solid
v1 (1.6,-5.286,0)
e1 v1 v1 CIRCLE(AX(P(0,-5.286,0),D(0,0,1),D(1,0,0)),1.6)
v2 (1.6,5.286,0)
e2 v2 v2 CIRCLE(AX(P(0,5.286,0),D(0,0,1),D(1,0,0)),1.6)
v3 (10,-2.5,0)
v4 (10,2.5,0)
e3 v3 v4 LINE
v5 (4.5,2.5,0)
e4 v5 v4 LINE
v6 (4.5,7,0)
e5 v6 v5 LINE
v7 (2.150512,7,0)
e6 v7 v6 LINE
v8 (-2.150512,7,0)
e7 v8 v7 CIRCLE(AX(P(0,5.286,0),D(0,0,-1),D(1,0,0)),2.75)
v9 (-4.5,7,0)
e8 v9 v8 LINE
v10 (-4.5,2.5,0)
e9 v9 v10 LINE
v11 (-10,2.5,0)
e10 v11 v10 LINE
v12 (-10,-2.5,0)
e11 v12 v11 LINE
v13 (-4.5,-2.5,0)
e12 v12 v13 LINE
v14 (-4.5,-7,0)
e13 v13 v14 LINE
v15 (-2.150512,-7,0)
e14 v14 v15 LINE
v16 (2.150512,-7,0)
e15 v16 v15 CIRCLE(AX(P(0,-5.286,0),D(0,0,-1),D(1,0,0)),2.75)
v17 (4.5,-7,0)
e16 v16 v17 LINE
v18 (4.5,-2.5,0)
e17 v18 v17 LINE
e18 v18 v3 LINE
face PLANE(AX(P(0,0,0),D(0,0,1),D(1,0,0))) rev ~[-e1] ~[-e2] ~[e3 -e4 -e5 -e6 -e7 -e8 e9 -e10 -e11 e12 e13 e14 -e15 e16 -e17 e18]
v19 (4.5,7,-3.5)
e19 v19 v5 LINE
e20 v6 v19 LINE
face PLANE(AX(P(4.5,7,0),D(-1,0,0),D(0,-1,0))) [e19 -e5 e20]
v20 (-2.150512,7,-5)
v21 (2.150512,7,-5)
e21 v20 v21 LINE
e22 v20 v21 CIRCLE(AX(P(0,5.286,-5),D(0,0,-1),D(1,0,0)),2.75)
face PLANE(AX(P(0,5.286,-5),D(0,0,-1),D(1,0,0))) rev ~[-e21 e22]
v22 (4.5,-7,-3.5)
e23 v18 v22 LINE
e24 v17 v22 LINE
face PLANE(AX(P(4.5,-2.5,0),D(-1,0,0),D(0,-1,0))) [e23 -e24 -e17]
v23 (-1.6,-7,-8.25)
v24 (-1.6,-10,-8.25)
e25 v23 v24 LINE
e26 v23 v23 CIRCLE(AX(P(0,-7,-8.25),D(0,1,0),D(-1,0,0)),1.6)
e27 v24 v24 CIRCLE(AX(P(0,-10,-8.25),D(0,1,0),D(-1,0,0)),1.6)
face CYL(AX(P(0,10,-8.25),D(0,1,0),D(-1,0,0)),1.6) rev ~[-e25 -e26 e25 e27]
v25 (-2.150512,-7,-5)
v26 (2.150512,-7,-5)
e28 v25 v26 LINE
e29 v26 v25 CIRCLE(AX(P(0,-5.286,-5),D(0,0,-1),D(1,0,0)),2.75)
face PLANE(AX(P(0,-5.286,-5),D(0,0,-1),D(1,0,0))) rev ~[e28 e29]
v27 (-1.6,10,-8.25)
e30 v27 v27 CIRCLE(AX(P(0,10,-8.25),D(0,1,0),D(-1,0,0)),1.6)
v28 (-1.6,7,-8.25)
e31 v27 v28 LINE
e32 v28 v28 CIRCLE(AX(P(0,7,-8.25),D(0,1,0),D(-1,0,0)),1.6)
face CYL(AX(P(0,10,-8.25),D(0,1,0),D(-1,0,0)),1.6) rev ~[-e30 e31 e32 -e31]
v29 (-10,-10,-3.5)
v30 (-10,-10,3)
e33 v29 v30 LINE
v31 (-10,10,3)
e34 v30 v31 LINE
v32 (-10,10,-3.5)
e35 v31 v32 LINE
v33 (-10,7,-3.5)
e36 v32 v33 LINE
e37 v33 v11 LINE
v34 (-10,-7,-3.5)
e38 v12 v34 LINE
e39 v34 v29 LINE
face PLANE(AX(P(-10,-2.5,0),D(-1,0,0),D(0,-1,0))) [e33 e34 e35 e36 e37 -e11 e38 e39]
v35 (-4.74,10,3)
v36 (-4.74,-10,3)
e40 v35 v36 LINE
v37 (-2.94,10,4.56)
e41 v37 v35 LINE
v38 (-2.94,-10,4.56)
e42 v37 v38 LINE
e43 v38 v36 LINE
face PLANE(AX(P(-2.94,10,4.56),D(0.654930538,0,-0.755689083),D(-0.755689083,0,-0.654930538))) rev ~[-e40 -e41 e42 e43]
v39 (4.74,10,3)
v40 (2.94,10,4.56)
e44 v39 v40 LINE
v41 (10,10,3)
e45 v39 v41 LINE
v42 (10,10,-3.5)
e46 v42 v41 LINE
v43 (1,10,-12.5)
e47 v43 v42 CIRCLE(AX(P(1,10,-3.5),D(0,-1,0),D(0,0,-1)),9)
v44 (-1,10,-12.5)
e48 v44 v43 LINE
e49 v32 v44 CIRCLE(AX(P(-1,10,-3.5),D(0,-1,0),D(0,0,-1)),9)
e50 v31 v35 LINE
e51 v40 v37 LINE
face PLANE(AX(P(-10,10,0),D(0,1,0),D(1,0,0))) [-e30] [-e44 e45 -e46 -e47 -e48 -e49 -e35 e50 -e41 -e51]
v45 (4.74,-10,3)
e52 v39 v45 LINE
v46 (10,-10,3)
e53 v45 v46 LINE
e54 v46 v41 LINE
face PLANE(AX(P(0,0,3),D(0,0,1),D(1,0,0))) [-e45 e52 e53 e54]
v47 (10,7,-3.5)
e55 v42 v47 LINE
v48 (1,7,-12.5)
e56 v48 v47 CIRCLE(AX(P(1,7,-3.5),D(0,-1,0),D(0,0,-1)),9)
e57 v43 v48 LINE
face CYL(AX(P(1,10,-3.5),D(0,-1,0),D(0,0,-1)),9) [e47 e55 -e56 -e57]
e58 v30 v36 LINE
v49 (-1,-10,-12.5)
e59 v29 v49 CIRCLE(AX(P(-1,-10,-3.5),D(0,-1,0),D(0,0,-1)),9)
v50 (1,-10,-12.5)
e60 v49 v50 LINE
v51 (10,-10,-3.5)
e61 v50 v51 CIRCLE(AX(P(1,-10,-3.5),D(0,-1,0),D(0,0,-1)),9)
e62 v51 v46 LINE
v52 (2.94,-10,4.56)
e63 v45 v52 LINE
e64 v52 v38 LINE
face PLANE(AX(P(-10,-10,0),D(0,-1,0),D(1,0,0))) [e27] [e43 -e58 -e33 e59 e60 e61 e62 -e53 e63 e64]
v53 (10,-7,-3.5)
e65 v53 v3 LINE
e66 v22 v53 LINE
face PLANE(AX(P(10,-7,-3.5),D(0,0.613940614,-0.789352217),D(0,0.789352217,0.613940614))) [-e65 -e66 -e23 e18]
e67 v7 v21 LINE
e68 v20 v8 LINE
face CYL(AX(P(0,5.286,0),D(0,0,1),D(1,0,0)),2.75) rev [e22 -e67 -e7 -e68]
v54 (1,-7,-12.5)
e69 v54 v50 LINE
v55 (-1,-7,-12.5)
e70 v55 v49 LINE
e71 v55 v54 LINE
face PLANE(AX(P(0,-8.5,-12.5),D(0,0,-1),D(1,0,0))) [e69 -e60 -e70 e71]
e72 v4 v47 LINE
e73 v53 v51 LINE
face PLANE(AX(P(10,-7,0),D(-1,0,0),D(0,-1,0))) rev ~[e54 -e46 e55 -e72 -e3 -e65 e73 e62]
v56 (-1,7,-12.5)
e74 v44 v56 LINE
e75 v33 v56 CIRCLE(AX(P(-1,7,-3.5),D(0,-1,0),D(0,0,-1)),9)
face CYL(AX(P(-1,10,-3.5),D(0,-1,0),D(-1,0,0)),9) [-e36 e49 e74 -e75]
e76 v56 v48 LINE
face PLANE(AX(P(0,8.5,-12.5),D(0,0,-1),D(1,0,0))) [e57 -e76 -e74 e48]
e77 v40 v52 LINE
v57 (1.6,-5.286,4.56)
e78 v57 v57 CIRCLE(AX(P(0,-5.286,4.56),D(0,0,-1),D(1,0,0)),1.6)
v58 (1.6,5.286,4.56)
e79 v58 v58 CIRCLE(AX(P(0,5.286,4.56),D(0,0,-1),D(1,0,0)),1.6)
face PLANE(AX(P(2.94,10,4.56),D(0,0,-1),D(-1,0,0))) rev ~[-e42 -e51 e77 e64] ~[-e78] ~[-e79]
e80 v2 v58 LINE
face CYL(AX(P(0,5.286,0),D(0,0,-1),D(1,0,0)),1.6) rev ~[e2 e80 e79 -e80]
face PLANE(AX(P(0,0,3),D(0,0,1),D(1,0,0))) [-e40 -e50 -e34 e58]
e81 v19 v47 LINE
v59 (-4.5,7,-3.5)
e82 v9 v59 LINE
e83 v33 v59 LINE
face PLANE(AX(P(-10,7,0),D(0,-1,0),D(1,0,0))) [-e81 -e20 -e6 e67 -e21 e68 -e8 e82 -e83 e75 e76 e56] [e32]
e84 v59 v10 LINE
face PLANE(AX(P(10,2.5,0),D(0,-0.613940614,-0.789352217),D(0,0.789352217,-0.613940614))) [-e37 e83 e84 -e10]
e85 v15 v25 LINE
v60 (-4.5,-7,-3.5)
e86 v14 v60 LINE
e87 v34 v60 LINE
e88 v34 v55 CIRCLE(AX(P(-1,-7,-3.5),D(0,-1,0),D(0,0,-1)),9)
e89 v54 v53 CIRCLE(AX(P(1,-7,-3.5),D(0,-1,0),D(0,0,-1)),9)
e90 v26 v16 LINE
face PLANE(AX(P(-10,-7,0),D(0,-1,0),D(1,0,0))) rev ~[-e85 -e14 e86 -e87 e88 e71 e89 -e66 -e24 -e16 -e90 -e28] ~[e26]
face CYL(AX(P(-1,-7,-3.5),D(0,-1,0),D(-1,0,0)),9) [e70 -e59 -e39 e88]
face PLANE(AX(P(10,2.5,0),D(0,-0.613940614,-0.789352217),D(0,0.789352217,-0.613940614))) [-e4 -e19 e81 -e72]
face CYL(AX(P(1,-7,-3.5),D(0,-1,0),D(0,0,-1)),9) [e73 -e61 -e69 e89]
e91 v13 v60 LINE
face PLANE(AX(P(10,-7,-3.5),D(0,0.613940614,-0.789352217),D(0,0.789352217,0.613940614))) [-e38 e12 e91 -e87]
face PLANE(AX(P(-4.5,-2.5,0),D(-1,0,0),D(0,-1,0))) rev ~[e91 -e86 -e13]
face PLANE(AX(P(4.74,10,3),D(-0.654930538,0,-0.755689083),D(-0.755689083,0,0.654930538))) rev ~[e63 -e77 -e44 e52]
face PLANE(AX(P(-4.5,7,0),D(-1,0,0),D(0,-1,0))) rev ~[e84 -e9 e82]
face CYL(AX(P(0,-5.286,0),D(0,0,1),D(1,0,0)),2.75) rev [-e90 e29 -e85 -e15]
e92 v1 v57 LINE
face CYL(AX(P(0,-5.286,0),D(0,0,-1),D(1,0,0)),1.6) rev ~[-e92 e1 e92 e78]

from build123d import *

# Parameters (mm, degrees)
SKETCH_W        = 20
SKETCH_H        = 20
SKETCH_R        = 1.6
PAD_DEPTH       = 3
PAD001_DEPTH    = 20
SKETCH002_R     = 1.6
POCKET_DEPTH    = 4.561
SKETCH003_W     = 20
SKETCH003_H     = 3
PAD002_DEPTH    = 12.5
SKETCH004_R     = 2.75
POCKET001_DEPTH = 5
SKETCH005_R     = 1.6
POCKET002_DEPTH = 20.001
FILLET_R        = 9
SKETCH006_W     = 5.5
SKETCH006_H     = 4.5
PAD003_DEPTH    = 3.5
POCKET003_DEPTH = 20.001


with BuildPart() as part:
    # Sketch → Pad (new body)
    with BuildSketch(Plane.XY):
        Rectangle(SKETCH_W, SKETCH_H)
        with Locations((0, -5.286)):
            Circle(SKETCH_R, mode=Mode.SUBTRACT)
        with Locations((0, 5.286)):
            Circle(SKETCH_R, mode=Mode.SUBTRACT)
    extrude(amount=PAD_DEPTH)

    # Sketch001 (on Face1 of Pad) → Pad001 (join)
    with BuildSketch(Plane(origin=(0, 10, 0), x_dir=(-1, 0, 0), z_dir=(0, 1, 0))):
        Polygon((0, 3), (-4.74, 3), (-2.94, 4.56), (2.94, 4.56), (4.74, 3), align=None)
    extrude(amount=-PAD001_DEPTH)

    # Sketch002 (on Face4 of Pad001) → Pocket (cut, through all)
    with BuildSketch(Plane(origin=(0, 0, 0), x_dir=(1, 0, 0), z_dir=(0, 0, -1))):
        with Locations((0, 5.286)):
            Circle(SKETCH002_R)
        with Locations((0, -5.286)):
            Circle(SKETCH002_R)
    extrude(amount=-POCKET_DEPTH, mode=Mode.SUBTRACT)

    # Sketch003 (on Face4 of Pocket) → Pad002 (join)
    with BuildSketch(Plane(origin=(0, 0, 0), x_dir=(1, 0, 0), z_dir=(0, 0, -1))):
        with Locations((0, 8.5)):
            Rectangle(SKETCH003_W, SKETCH003_H)
        with Locations((0, -8.5)):
            Rectangle(SKETCH003_W, SKETCH003_H)
    extrude(amount=PAD002_DEPTH)

    # Sketch004 (on Face10 of Pad002) → Pocket001 (cut)
    with BuildSketch(Plane(origin=(0, 0, 0), x_dir=(1, 0, 0), z_dir=(0, 0, -1))):
        with Locations((0, 5.286)):
            Circle(SKETCH004_R)
        with Locations((0, -5.286)):
            Circle(SKETCH004_R)
    extrude(amount=POCKET001_DEPTH, mode=Mode.SUBTRACT)

    # Sketch005 (on Face4 of Pocket001) → Pocket002 (cut, through all)
    with BuildSketch(Plane(origin=(0, 10, 0), x_dir=(-1, 0, 0), z_dir=(0, 1, 0))):
        with Locations((0, -8.25)):
            Circle(SKETCH005_R)
    extrude(amount=-POCKET002_DEPTH, mode=Mode.SUBTRACT)

    # Fillet
    fillet_edges = [part.edges().sort_by_distance(p)[0] for p in [
        (10, 8.5, -12.5),
        (-10, 8.5, -12.5),
        (10, -8.5, -12.5),
        (-10, -8.5, -12.5),
    ]]
    fillet(fillet_edges, radius=FILLET_R)

    # Sketch006 (on Face15 of Fillet) → Pad003 (join)
    with BuildSketch(Plane(origin=(0, 0, 0), x_dir=(1, 0, 0), z_dir=(0, 0, -1))):
        with Locations((-7.25, 4.75)):
            Rectangle(SKETCH006_W, SKETCH006_H)
        with Locations((-7.25, -4.75)):
            Rectangle(SKETCH006_W, SKETCH006_H)
        with Locations((7.25, 4.75)):
            Rectangle(SKETCH006_W, SKETCH006_H)
        with Locations((7.25, -4.75)):
            Rectangle(SKETCH006_W, SKETCH006_H)
    extrude(amount=PAD003_DEPTH)

    # Sketch007 (on Face9 of Pad003) → Pocket003 (cut, through all)
    with BuildSketch(Plane.YZ.offset(10)):
        Polygon((-2.5, 0), (-2.5, -3.5), (-7, -3.5), align=None)
        Polygon((7, -3.5), (2.5, -3.5), (2.5, 0), align=None)
    extrude(amount=-POCKET003_DEPTH, mode=Mode.SUBTRACT)


solid = part.part
